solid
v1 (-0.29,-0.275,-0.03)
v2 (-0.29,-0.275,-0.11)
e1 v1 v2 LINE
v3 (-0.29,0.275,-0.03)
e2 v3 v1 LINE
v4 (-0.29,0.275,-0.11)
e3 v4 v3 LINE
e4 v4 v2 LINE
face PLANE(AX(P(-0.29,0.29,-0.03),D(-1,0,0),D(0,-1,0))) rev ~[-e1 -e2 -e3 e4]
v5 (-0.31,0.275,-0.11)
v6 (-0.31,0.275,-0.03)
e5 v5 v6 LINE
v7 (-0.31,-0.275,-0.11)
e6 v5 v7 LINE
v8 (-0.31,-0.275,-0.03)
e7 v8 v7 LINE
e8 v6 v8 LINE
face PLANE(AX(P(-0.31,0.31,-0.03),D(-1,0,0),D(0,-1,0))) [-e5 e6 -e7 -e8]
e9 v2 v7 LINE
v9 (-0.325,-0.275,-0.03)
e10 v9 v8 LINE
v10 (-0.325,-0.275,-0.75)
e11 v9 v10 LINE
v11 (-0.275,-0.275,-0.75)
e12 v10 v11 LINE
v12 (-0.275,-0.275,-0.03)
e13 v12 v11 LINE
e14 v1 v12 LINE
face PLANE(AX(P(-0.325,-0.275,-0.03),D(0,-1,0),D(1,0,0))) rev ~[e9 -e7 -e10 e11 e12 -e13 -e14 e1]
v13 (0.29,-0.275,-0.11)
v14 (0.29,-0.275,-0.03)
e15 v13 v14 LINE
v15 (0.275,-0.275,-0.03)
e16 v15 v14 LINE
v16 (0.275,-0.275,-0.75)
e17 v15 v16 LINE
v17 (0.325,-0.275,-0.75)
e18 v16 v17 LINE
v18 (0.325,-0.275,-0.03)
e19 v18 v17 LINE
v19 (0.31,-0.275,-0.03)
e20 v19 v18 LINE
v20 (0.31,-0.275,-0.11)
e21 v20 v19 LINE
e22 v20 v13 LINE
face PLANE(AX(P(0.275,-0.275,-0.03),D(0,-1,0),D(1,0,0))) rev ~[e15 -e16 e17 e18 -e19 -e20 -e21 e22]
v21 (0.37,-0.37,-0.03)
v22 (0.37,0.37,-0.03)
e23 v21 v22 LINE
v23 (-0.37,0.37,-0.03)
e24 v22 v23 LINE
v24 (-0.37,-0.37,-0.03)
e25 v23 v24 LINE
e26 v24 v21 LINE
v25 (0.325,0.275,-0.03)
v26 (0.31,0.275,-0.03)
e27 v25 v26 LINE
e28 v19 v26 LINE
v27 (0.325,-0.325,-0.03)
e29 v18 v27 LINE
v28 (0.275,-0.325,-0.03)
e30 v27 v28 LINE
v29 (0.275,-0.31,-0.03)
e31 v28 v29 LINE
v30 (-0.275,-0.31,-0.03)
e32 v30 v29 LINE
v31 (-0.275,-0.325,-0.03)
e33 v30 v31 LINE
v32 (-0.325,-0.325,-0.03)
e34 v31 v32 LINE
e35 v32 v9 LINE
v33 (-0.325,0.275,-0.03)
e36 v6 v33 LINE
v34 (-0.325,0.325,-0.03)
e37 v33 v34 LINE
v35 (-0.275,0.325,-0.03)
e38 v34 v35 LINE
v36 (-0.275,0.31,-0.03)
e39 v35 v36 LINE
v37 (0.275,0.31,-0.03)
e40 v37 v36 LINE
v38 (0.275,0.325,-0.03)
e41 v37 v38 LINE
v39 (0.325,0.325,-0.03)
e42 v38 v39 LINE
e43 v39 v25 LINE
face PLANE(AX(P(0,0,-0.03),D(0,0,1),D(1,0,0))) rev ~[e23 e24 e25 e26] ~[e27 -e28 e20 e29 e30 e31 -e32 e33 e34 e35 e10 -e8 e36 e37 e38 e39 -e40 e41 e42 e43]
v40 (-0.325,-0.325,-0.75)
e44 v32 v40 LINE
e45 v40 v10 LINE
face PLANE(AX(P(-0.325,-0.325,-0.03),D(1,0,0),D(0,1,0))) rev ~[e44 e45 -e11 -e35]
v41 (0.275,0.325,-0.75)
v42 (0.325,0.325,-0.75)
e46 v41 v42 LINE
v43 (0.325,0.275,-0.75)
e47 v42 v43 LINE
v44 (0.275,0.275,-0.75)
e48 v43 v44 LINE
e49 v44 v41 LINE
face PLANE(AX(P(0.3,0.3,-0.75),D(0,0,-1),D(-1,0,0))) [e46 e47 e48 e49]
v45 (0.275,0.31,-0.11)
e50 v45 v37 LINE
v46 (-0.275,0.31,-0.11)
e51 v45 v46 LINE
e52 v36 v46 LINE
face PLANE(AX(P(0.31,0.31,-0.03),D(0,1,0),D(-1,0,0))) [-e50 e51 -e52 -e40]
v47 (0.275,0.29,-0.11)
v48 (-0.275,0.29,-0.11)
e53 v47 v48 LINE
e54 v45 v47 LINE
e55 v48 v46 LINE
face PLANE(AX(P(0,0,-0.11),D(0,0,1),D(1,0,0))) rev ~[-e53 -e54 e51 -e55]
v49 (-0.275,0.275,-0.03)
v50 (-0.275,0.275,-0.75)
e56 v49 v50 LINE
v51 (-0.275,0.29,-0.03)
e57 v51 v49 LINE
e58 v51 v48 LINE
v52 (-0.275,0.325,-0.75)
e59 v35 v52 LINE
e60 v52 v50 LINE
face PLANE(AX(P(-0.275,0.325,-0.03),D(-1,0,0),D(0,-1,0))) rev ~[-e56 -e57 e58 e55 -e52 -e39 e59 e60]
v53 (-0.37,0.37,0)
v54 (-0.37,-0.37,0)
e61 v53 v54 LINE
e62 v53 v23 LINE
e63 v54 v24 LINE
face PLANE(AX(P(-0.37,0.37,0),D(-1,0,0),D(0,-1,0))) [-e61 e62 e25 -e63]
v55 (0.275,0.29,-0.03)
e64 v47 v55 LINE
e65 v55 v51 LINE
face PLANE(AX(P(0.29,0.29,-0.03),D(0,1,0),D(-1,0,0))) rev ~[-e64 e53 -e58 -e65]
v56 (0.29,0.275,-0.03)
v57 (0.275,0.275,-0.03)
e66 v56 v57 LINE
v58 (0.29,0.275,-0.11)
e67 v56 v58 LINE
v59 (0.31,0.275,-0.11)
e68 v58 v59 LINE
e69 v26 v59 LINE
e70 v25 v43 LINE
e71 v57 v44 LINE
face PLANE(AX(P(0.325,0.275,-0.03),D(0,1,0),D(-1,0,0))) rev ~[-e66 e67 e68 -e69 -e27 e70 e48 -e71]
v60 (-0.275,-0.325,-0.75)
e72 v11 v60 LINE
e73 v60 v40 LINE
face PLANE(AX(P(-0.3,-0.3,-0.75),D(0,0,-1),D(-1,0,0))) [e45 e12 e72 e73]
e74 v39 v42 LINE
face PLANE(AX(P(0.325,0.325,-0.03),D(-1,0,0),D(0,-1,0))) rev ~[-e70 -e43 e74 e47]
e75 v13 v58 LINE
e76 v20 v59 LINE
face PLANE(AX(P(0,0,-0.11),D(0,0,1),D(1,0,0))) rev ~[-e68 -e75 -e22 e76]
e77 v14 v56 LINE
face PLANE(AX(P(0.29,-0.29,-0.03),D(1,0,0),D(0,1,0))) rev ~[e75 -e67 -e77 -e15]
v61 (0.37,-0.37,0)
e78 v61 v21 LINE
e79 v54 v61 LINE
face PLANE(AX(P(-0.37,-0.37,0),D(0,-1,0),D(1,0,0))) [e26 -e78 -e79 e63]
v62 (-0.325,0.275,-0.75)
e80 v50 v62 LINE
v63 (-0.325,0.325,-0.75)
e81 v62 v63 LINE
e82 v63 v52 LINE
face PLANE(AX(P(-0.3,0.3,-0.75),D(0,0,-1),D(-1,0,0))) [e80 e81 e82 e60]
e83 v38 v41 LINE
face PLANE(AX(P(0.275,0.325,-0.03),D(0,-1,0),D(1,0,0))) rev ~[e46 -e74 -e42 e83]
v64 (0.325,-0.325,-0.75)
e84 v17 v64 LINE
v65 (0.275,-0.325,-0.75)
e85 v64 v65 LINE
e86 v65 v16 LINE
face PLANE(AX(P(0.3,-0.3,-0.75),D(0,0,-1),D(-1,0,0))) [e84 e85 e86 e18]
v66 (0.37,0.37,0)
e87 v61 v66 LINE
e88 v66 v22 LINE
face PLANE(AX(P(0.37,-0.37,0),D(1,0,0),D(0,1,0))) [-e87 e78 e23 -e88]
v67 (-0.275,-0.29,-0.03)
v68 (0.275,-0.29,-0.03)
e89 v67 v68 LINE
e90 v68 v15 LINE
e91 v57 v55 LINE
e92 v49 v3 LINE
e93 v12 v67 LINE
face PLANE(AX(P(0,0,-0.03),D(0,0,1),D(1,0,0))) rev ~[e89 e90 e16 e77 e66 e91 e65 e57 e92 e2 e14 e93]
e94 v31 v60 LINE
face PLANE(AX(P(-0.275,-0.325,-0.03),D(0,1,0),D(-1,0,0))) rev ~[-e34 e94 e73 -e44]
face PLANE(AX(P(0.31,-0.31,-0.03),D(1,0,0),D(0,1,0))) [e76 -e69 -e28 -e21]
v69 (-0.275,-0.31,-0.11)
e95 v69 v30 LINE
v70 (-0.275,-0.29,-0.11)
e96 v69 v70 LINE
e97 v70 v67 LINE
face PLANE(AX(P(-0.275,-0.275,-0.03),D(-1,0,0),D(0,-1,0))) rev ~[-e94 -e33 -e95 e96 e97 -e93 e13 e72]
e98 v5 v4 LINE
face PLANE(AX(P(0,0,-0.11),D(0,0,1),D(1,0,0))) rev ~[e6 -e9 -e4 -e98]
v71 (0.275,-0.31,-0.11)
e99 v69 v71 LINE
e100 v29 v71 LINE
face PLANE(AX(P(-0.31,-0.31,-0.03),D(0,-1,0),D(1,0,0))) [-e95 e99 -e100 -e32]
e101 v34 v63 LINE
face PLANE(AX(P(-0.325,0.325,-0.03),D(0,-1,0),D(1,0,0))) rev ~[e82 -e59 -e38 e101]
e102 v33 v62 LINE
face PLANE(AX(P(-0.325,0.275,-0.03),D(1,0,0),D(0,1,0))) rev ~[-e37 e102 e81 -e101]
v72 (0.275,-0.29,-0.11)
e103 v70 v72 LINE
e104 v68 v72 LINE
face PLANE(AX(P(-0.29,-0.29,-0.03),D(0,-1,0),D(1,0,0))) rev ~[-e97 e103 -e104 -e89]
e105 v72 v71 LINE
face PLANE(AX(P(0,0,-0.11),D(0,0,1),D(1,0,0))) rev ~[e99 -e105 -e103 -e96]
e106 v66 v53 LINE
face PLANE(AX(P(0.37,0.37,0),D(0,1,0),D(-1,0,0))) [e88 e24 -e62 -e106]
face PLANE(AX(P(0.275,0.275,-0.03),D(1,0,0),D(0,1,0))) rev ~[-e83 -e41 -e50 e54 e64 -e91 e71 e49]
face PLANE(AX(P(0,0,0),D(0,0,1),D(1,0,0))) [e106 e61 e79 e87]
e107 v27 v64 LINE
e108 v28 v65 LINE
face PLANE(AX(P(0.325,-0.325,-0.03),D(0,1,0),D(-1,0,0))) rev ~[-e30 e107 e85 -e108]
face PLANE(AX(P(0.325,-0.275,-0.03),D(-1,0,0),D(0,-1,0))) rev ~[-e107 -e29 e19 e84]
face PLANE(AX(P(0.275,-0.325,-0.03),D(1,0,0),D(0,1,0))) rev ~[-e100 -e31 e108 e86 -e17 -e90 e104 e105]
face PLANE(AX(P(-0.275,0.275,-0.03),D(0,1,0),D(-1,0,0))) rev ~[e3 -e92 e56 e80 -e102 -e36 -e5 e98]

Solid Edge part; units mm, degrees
sketch "Sketch1" plane through (0, 0, 0) normal (0, 0, 1) x (1, 0, 0)
  line L0 (-0.37, -0.37) -> (0.37, -0.37)
  line L1 (0.37, -0.37) -> (0.37, 0.37)
  line L2 (0.37, 0.37) -> (-0.37, 0.37)
  line L3 (-0.37, 0.37) -> (-0.37, -0.37)
  dimension "D1" = 0.74
extrude "Protrusion1" add sketch "Sketch1" against normal blind 0.03
sketch "Sketch2" plane through (0, 0, -0.03) normal (0, 0, -1) x (1, 0, 0)
  line L0 (-0.325, -0.325) -> (-0.275, -0.325)
  line L1 (-0.275, -0.325) -> (-0.275, -0.275)
  line L2 (-0.275, -0.275) -> (-0.325, -0.275)
  line L3 (-0.325, -0.275) -> (-0.325, -0.325)
  line L4 (0.275, -0.325) -> (0.325, -0.325)
  line L5 (0.325, -0.325) -> (0.325, -0.275)
  line L6 (0.325, -0.275) -> (0.275, -0.275)
  line L7 (0.275, -0.275) -> (0.275, -0.325)
  line L8 (0.275, 0.275) -> (0.325, 0.275)
  line L9 (0.325, 0.275) -> (0.325, 0.325)
  line L10 (0.325, 0.325) -> (0.275, 0.325)
  line L11 (0.275, 0.325) -> (0.275, 0.275)
  line L12 (-0.325, 0.275) -> (-0.275, 0.275)
  line L13 (-0.275, 0.275) -> (-0.275, 0.325)
  line L14 (-0.275, 0.325) -> (-0.325, 0.325)
  line L15 (-0.325, 0.325) -> (-0.325, 0.275)
  dimension "D1" = 0.05
  dimension "D2" = 0.6
extrude "Ausprägung_2" add sketch "Sketch2" along normal blind 0.72
sketch "Sketch3" plane through (0, 0, -0.03) normal (0, 0, -1) x (1, 0, 0)
  line L0 (-0.29, 0.29) -> (0.29, 0.29)
  line L1 (0.29, 0.29) -> (0.29, -0.29)
  line L2 (0.29, -0.29) -> (-0.29, -0.29)
  line L3 (-0.29, -0.29) -> (-0.29, 0.29)
  line L4 (-0.31, 0.31) -> (0.31, 0.31)
  line L5 (0.31, 0.31) -> (0.31, -0.31)
  line L6 (0.31, -0.31) -> (-0.31, -0.31)
  line L7 (-0.31, -0.31) -> (-0.31, 0.31)
extrude "Ausprägung_3" add sketch "Sketch3" along normal blind 0.08
